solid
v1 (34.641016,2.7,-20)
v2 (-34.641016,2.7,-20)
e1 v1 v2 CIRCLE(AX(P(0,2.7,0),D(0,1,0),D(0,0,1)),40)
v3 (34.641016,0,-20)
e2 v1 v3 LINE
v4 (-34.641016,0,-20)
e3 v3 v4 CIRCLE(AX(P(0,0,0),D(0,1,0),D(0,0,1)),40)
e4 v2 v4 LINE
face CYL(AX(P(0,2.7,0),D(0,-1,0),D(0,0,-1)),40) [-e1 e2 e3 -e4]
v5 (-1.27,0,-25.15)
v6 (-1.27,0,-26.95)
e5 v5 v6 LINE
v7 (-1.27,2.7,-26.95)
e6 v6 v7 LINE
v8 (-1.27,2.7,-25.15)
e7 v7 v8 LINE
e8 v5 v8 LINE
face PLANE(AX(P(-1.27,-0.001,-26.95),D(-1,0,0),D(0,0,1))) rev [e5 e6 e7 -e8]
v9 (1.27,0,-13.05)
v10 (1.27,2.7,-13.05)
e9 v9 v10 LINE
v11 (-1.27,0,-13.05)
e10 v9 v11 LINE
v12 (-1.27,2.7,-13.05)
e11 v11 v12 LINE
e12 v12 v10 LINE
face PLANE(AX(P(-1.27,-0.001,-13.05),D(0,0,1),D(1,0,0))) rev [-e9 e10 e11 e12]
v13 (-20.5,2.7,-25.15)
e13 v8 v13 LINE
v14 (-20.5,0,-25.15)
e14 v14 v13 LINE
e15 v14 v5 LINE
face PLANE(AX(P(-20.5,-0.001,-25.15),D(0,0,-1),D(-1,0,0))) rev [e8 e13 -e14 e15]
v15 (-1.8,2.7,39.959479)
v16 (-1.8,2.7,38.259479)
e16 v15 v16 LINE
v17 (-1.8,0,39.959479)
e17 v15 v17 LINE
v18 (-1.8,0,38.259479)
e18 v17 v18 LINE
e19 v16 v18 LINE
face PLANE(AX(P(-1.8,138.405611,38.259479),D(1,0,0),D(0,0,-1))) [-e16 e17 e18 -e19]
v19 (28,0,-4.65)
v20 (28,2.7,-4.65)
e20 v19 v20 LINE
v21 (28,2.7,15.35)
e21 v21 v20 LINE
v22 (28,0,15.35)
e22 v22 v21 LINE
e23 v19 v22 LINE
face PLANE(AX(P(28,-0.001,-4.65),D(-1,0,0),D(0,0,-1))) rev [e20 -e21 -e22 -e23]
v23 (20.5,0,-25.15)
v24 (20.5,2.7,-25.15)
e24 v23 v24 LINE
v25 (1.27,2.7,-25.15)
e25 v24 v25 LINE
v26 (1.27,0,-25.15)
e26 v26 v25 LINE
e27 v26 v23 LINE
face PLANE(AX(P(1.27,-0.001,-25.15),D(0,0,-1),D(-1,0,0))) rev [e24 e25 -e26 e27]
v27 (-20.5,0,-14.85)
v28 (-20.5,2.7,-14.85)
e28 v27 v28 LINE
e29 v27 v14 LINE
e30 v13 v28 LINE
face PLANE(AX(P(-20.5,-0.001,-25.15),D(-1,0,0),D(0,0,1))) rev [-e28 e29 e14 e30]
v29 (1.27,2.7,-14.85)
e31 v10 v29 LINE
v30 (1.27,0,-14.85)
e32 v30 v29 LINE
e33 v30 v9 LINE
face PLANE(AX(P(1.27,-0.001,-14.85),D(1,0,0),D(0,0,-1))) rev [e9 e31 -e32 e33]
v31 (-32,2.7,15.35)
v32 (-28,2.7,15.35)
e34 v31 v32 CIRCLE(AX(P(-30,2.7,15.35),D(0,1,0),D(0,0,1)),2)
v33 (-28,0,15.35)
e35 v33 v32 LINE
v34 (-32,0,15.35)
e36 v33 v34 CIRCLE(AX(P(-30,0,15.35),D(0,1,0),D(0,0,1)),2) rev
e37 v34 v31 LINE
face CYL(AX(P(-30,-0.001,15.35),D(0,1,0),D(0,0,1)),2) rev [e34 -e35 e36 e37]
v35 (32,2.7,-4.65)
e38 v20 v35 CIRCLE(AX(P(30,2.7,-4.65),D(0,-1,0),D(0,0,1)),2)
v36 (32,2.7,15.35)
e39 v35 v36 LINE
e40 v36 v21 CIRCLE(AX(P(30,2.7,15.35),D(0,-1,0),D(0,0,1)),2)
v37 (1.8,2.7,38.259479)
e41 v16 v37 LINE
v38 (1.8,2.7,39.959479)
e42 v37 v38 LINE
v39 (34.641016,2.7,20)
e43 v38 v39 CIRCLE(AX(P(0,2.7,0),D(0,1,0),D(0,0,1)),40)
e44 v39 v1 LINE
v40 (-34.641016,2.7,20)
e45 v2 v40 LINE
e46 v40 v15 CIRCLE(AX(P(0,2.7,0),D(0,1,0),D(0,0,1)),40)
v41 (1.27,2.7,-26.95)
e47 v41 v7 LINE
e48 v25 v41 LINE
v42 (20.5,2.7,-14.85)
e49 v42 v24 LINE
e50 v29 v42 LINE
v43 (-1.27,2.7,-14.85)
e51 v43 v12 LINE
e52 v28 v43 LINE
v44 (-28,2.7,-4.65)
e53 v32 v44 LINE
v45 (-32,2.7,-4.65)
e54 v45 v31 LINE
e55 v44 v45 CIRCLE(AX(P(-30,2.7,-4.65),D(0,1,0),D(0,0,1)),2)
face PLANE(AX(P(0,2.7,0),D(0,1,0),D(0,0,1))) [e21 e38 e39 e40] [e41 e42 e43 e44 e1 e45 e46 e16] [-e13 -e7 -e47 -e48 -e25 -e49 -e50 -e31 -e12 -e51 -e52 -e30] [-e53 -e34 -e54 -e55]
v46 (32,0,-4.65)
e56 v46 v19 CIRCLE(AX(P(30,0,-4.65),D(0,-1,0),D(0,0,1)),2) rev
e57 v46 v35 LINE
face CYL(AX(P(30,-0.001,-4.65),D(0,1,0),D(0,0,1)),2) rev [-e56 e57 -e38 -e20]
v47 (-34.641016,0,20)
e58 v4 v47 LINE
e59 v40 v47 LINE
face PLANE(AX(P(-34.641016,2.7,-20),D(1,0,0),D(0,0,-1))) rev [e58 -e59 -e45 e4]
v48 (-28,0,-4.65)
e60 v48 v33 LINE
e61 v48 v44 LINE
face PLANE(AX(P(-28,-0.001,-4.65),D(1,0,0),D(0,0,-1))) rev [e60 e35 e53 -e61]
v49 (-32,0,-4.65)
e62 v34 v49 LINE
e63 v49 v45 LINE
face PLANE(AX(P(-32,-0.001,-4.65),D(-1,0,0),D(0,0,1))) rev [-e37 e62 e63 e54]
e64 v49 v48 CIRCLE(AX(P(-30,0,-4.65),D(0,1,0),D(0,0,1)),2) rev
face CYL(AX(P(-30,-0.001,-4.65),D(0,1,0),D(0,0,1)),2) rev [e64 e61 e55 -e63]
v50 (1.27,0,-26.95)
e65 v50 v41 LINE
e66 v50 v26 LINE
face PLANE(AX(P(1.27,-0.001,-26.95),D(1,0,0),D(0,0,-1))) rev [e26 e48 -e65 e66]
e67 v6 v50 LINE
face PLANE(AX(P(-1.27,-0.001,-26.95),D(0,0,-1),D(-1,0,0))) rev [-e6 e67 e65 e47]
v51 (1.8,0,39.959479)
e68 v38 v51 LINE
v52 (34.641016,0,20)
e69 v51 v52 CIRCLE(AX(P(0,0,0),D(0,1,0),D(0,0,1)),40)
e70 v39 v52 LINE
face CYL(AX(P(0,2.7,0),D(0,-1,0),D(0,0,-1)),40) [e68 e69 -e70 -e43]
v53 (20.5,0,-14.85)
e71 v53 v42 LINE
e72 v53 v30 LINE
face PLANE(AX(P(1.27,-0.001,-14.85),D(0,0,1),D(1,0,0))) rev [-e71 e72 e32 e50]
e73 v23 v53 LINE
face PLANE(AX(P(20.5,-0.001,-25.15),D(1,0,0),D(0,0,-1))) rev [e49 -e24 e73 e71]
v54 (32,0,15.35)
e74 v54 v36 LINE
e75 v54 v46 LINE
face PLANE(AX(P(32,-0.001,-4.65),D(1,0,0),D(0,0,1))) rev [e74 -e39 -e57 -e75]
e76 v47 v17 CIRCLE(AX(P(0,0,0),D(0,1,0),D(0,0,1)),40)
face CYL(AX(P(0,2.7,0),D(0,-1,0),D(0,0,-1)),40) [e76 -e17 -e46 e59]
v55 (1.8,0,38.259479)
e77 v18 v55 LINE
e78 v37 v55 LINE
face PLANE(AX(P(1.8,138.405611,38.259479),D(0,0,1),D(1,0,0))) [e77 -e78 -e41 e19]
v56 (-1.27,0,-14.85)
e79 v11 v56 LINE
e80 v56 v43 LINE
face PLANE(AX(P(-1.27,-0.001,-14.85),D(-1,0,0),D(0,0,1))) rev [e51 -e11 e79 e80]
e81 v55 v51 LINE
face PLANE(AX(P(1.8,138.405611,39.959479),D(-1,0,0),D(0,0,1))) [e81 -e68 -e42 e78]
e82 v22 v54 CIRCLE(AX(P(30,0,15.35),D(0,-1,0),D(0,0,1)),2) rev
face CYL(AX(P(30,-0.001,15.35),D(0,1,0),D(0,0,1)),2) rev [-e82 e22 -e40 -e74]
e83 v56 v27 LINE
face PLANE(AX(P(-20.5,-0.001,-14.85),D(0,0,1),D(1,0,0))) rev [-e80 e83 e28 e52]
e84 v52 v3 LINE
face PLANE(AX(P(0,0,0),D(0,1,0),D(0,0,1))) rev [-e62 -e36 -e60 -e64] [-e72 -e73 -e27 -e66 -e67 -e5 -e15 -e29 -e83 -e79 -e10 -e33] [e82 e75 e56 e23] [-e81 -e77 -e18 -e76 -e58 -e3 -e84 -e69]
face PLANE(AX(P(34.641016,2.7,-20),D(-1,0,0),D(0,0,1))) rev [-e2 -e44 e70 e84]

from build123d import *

# Parameters (mm, degrees)
BASE_DEPTH                 = 2.7
WHEEL_HOLE_REACH           = 54.984
BATTERY_HOLE_REACH         = 54.984
IR_SENSOR_DIVOT_DEPTH      = 53.983865469
IR_SENSOR_DIVOT_DEPTH_BACK = 53.983865469


with BuildPart() as part:
    # Sketch1 → Base (new body)
    with BuildSketch(Plane(origin=(0, 0, 0), x_dir=(1, 0, 0), z_dir=(0, 1, 0))):
        with BuildLine():
            Line((34.641016151, 20), (34.641016151, -20))
            ThreePointArc((34.641016151, -20), (0, -40), (-34.641016151, -20))
            Line((-34.641016151, -20), (-34.641016151, 20))
            ThreePointArc((-34.641016151, 20), (0, 40), (34.641016151, 20))
        make_face()
    extrude(amount=BASE_DEPTH)

    # Sketch2 → Wheel Hole (cut, up to next)
    with BuildSketch(Plane(origin=(0, 2.7, 0), x_dir=(-1, 0, 0), z_dir=(0, 1, 0)), mode=Mode.PRIVATE) as wheel_hole_sk1:
        with BuildLine():
            Line((28, -4.65), (28, 15.35))
            ThreePointArc((28, 15.35), (30, 17.35), (32, 15.35))
            Line((32, 15.35), (32, -4.65))
            ThreePointArc((32, -4.65), (30, -6.65), (28, -4.65))
        make_face()
    wheel_hole_tool1 = extrude(wheel_hole_sk1.sketch, amount=-WHEEL_HOLE_REACH, mode=Mode.PRIVATE) & part.part
    wheel_hole = wheel_hole_tool1.solids().sort_by_distance((-30, 2.7, 5.35))[0]
    add(wheel_hole, mode=Mode.SUBTRACT)

    # Sketch6 → Battery Hole (cut, up to next)
    with BuildSketch(Plane(origin=(0, 2.7, 0), x_dir=(-1, 0, 0), z_dir=(0, 1, 0)), mode=Mode.PRIVATE) as battery_hole_sk1:
        Polygon((1.27, -14.85), (1.27, -13.05), (-1.27, -13.05), (-1.27, -14.85), (-20.5, -14.85), (-20.5, -25.15), (-1.27, -25.15), (-1.27, -26.95), (1.27, -26.95), (1.27, -25.15), (20.5, -25.15), (20.5, -14.85), align=None)
    battery_hole_tool1 = extrude(battery_hole_sk1.sketch, amount=-BATTERY_HOLE_REACH, mode=Mode.PRIVATE) & part.part
    add(battery_hole_tool1.solids().sort_by_distance((0, 2.7, -20))[0], mode=Mode.SUBTRACT)

    # Mirror 2: Wheel Hole across plane
    add(wheel_hole.mirror(Plane(origin=(0, 0, 0), x_dir=(0, 0, 1), z_dir=(1, 0, 0))), mode=Mode.SUBTRACT)

    # Sketch5 → IR Sensor Divot (cut, two sides: drawn at the far end of the back side and taken through both)
    with BuildSketch(Plane(origin=(0, 2.7, 0), x_dir=(-1, 0, 0), z_dir=(0, 1, 0)).offset(-IR_SENSOR_DIVOT_DEPTH_BACK)):
        Polygon((-1.8, 225.703224926), (-1.8, 39.959479476), (-1.8, 38.259479476), (1.8, 38.259479476), (1.8, 39.959479476), (1.8, 225.703224926), (1.8, 597.190715827), (-1.8, 597.190715827), align=None)
    extrude(amount=IR_SENSOR_DIVOT_DEPTH + IR_SENSOR_DIVOT_DEPTH_BACK, mode=Mode.SUBTRACT)


solid = part.part
